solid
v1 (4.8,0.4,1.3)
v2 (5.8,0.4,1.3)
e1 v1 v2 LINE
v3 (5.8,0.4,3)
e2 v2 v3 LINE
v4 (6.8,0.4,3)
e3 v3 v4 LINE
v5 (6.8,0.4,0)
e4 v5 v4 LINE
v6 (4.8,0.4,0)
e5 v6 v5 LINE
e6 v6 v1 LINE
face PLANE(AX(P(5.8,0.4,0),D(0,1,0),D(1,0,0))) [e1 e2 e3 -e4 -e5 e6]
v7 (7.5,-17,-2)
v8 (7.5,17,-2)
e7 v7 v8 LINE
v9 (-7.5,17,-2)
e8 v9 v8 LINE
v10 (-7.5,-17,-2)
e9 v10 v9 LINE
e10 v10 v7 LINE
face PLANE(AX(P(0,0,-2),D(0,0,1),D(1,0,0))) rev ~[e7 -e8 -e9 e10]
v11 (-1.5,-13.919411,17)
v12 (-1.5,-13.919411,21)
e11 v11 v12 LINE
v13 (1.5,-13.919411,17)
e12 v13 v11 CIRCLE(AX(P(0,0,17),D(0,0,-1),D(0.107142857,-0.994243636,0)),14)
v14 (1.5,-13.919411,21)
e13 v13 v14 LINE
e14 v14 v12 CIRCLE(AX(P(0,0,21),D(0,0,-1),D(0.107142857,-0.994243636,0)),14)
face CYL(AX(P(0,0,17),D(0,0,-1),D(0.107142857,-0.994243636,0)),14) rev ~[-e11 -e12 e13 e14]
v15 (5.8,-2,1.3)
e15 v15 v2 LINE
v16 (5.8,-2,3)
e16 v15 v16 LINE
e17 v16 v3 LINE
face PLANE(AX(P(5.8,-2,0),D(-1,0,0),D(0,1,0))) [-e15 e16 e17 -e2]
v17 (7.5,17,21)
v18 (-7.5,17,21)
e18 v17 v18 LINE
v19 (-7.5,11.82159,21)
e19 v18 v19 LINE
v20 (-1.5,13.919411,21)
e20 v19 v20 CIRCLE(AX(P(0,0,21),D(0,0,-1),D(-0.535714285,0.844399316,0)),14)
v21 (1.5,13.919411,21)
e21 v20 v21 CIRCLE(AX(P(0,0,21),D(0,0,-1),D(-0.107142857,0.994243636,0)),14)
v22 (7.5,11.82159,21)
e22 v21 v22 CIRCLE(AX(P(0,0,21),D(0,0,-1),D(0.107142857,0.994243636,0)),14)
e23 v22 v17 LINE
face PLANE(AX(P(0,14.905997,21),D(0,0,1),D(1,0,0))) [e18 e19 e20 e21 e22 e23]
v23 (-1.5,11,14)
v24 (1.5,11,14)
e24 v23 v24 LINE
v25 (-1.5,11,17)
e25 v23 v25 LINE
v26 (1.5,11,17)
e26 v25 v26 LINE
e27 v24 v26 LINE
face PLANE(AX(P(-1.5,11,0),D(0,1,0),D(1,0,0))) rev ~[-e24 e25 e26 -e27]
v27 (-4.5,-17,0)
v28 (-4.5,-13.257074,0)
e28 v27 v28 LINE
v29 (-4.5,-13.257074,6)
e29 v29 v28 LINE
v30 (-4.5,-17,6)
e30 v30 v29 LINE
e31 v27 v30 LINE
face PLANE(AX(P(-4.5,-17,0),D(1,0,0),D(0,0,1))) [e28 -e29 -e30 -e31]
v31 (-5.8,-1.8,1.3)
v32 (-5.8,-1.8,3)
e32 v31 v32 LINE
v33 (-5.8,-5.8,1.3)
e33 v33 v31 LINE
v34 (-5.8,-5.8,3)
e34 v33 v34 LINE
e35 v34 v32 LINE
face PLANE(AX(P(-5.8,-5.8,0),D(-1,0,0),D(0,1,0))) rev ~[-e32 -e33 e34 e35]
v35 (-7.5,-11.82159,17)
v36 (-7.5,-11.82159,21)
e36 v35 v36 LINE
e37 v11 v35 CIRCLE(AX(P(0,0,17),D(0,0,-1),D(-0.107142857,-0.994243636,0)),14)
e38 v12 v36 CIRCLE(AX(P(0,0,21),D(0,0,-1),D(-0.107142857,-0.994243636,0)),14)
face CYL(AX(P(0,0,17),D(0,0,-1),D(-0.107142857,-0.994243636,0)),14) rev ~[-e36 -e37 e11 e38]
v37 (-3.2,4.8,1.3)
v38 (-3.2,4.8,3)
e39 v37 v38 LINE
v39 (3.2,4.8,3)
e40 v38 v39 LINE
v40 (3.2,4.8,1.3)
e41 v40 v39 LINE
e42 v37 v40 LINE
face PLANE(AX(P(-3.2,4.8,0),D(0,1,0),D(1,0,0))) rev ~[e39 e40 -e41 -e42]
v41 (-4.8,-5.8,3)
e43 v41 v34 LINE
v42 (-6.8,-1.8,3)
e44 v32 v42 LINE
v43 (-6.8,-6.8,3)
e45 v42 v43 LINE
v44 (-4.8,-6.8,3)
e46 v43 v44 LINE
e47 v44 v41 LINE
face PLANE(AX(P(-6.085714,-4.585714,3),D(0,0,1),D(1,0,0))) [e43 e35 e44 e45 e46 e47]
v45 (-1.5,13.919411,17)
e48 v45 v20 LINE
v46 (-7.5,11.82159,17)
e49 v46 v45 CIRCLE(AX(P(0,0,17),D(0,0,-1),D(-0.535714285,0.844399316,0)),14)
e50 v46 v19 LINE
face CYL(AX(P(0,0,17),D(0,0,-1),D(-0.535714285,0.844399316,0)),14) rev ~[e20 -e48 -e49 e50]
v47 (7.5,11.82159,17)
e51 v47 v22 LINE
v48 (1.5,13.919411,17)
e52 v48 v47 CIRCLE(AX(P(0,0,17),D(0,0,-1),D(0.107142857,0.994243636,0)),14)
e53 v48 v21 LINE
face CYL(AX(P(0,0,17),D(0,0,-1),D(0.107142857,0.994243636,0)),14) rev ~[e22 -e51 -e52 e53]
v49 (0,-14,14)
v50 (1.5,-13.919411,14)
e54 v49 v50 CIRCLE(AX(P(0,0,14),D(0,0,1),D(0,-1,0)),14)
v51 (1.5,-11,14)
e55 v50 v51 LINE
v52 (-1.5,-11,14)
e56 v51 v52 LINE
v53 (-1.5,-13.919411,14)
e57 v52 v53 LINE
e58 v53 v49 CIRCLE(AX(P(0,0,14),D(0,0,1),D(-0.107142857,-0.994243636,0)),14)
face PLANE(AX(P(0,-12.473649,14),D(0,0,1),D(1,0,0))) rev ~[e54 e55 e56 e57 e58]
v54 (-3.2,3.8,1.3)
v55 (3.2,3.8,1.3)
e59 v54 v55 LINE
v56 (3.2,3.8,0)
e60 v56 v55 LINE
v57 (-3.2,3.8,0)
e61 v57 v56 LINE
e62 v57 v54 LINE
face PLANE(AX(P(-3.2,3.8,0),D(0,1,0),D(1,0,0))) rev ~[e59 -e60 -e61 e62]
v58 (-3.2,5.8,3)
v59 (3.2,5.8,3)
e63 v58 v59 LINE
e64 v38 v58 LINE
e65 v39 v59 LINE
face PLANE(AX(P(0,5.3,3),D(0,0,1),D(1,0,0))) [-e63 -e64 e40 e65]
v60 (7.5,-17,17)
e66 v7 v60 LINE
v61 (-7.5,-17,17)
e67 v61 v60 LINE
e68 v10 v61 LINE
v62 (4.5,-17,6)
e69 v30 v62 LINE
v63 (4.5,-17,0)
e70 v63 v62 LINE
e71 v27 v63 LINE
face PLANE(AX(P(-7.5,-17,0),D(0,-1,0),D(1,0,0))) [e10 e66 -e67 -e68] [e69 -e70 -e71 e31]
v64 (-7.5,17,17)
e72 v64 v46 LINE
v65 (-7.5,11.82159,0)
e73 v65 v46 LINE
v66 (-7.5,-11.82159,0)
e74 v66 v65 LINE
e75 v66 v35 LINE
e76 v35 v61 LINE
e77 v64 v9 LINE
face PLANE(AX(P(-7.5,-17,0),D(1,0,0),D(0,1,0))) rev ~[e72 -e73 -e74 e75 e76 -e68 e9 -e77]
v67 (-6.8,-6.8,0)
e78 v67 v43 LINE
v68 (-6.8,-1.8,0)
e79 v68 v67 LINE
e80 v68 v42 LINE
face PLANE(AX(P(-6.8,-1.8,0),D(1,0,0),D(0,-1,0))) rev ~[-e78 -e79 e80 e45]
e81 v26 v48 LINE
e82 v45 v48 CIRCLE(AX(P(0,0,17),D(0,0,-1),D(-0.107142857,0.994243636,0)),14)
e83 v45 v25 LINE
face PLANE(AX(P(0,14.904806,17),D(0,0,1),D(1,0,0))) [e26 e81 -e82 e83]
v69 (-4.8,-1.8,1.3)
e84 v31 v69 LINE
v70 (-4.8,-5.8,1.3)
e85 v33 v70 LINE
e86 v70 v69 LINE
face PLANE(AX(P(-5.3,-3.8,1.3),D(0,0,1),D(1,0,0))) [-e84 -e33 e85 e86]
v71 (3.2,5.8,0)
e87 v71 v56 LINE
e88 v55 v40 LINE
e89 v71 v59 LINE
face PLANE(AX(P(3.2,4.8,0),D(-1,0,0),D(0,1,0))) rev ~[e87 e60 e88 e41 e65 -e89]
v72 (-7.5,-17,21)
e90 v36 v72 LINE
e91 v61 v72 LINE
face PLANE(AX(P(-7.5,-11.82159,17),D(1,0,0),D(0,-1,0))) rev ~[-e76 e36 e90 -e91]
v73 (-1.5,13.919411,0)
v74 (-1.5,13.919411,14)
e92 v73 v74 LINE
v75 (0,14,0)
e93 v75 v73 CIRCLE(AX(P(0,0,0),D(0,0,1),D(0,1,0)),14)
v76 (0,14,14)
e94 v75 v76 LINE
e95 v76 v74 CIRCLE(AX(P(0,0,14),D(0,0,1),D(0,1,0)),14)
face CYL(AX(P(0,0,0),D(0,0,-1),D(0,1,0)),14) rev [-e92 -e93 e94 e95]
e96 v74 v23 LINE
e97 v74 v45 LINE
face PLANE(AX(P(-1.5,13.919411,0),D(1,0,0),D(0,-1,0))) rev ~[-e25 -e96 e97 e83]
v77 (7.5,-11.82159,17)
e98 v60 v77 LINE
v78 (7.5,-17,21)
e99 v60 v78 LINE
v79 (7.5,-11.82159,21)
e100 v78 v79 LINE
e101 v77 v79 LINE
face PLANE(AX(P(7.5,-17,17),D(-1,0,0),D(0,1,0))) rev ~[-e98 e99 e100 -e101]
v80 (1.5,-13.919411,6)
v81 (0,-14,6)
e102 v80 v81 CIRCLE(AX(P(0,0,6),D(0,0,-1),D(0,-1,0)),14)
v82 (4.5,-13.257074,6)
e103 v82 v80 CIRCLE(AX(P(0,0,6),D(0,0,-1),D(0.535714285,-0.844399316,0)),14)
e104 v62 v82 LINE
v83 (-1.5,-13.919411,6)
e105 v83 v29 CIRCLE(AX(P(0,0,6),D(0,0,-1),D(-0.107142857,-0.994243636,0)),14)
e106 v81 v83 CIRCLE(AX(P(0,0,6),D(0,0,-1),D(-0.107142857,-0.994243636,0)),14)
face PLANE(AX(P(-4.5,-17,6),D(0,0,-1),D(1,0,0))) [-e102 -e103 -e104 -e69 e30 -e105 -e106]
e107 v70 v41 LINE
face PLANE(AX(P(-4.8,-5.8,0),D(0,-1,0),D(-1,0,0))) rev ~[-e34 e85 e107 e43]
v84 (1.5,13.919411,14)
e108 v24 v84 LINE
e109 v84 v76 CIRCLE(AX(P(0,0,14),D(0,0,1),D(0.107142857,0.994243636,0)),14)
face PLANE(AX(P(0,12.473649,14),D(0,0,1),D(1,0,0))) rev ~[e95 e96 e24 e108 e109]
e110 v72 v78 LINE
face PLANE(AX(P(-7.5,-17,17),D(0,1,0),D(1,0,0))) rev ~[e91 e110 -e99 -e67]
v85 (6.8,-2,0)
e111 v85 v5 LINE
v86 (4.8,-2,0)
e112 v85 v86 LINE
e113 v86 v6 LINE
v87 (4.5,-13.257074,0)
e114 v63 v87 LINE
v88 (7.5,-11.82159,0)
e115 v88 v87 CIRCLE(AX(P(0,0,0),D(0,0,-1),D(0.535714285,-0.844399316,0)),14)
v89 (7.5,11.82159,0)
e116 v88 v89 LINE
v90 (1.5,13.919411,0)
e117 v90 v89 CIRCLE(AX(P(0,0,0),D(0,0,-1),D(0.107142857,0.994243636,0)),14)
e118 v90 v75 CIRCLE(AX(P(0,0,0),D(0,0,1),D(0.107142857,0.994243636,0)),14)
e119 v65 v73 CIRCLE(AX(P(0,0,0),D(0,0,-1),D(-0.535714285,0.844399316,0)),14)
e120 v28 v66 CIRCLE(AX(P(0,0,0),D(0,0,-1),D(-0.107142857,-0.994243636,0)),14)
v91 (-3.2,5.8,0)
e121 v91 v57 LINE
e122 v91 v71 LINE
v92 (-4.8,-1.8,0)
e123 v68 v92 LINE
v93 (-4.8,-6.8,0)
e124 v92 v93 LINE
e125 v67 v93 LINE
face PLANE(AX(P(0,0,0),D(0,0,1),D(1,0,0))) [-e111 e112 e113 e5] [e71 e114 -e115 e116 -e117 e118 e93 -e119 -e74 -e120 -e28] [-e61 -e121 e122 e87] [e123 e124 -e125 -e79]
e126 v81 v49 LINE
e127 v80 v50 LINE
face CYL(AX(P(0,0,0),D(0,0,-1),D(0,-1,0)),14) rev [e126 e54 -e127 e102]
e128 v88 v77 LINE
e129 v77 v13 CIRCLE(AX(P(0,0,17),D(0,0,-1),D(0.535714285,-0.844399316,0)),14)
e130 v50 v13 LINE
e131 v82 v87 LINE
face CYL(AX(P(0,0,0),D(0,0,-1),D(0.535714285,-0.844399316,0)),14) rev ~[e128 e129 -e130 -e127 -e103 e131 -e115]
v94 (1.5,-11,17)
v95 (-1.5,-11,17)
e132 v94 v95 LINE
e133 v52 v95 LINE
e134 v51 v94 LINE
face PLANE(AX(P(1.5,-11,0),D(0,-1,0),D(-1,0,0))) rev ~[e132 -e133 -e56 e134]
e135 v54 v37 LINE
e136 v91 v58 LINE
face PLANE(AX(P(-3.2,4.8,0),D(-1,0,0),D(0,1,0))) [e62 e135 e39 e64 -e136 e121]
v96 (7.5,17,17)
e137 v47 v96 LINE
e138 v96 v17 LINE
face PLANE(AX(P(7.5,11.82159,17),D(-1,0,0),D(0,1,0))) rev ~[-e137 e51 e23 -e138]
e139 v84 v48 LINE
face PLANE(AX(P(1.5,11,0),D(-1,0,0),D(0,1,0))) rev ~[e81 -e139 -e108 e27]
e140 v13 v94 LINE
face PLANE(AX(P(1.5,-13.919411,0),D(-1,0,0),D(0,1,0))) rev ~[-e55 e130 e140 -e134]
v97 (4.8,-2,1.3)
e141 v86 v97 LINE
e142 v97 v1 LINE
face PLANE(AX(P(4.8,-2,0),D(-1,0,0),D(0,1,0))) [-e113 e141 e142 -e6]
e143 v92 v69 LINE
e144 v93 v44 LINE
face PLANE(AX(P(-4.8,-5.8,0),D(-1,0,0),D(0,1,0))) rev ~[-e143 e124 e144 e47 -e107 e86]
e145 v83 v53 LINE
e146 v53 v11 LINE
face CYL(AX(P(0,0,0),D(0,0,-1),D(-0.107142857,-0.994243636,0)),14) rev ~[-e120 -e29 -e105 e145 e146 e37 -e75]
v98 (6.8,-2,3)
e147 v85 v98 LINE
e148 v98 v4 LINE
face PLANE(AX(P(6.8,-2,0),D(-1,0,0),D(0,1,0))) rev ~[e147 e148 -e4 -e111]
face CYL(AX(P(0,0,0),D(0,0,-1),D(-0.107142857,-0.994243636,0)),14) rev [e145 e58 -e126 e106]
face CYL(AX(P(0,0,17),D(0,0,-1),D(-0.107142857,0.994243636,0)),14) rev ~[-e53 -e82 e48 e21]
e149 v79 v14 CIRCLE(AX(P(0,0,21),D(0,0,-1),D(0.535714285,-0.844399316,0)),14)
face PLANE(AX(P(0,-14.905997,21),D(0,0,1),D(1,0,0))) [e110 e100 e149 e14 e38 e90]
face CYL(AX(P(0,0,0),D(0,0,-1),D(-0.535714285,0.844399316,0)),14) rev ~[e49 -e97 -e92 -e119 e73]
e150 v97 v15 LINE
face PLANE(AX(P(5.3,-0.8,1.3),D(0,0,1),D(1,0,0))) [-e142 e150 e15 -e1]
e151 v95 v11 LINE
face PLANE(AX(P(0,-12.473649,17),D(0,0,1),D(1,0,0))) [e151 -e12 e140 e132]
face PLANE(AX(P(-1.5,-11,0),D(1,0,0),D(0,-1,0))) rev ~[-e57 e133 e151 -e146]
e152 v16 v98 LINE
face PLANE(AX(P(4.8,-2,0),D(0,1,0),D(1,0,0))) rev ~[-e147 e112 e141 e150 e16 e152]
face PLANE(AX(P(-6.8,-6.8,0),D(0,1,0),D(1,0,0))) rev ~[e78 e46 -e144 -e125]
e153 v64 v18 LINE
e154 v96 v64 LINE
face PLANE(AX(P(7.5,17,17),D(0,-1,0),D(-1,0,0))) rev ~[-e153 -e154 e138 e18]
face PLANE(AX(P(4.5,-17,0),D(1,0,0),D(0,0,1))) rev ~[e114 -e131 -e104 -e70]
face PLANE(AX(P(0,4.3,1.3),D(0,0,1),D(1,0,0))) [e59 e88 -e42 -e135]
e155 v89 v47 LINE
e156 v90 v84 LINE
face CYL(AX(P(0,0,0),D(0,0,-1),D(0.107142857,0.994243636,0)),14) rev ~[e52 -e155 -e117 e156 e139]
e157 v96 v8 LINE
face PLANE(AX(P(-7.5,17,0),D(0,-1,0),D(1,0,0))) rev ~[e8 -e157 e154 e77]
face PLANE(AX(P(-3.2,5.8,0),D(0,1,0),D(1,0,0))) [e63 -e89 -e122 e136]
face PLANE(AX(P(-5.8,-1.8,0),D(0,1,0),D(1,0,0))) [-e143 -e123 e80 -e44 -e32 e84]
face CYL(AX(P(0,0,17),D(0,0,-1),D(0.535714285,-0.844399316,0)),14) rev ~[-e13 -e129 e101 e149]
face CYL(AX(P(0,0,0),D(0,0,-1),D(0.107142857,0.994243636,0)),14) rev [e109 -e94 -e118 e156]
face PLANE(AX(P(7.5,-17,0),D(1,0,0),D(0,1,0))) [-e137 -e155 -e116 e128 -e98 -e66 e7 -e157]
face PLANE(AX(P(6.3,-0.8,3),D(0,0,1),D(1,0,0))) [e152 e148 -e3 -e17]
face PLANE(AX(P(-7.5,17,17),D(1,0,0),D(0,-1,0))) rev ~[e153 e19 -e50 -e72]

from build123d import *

# Parameters (mm, degrees)
BOSS_EXTRUDE1_DEPTH = 17
SKETCH1_3_W         = 15
SKETCH1_3_H         = 34
BOSS_EXTRUDE3_DEPTH = 2
CUT_EXTRUDE1_DEPTH  = 14
SKETCH2_W           = 1
SKETCH2_H           = 4
SKETCH2_W_2         = 6.4
SKETCH2_H_2         = 1
SKETCH2_H_3         = 2.4
BOSS_EXTRUDE5_DEPTH = 1.3
SKETCH2_3_W         = 6.4
SKETCH2_3_H         = 1
SKETCH2_3_W_2       = 1
SKETCH2_3_H_2       = 2.4
BOSS_EXTRUDE6_DEPTH = 3
CUT_EXTRUDE3_REACH  = 36
SKETCH5_W           = 9
SKETCH5_H           = 6
BOSS_EXTRUDE7_DEPTH = 4


with BuildPart() as part:
    # Sketch1 → Boss-Extrude1 (new body)
    with BuildSketch(Plane.XY):
        with BuildLine():
            Line((7.5, 17), (-7.5, 17))
            Line((-7.5, 17), (-7.5, 11.821590418))
            ThreePointArc((-7.5, 11.821590418), (-4.620629037, 13.21551313), (-1.5, 13.919410907))
            Line((-1.5, 13.919410907), (-1.5, 14))
            Line((-1.5, 14), (0, 14))
            Line((0, 14), (1.5, 14))
            Line((1.5, 14), (1.5, 13.919410907))
            ThreePointArc((1.5, 13.919410907), (4.620629037, 13.21551313), (7.5, 11.821590418))
            Line((7.5, 11.821590418), (7.5, 17))
        make_face()
        with BuildLine():
            ThreePointArc((0, 14), (-0.751081654, 13.979838209), (-1.5, 13.919410907))
            Line((-1.5, 13.919410907), (-1.5, 11))
            Line((-1.5, 11), (1.5, 11))
            Line((1.5, 11), (1.5, 13.919410907))
            ThreePointArc((1.5, 13.919410907), (0.751081654, 13.979838209), (0, 14))
        make_face()
        with BuildLine():
            Line((-1.5, -11), (-1.5, -13.919410907))
            ThreePointArc((-1.5, -13.919410907), (-0.751081654, -13.979838209), (0, -14))
            ThreePointArc((0, -14), (0.751081654, -13.979838209), (1.5, -13.919410907))
            Line((1.5, -13.919410907), (1.5, -11))
            Line((1.5, -11), (-1.5, -11))
        make_face()
        with BuildLine():
            ThreePointArc((-1.5, -13.919410907), (-4.620629037, -13.21551313), (-7.5, -11.821590418))
            Line((-7.5, -11.821590418), (-7.5, -17))
            Line((-7.5, -17), (7.5, -17))
            Line((7.5, -17), (7.5, -11.821590418))
            ThreePointArc((7.5, -11.821590418), (4.620629037, -13.21551313), (1.5, -13.919410907))
            Line((1.5, -13.919410907), (1.5, -14))
            Line((1.5, -14), (0, -14))
            Line((0, -14), (-1.5, -14))
            Line((-1.5, -14), (-1.5, -13.919410907))
        make_face()
        with BuildLine():
            ThreePointArc((0, 14), (0.751081654, 13.979838209), (1.5, 13.919410907))
            Line((1.5, 13.919410907), (1.5, 14))
            Line((1.5, 14), (0, 14))
        make_face()
        with BuildLine():
            Line((-1.5, 14), (-1.5, 13.919410907))
            ThreePointArc((-1.5, 13.919410907), (-0.751081654, 13.979838209), (0, 14))
            Line((0, 14), (-1.5, 14))
        make_face()
        with BuildLine():
            ThreePointArc((0, -14), (-0.751081654, -13.979838209), (-1.5, -13.919410907))
            Line((-1.5, -13.919410907), (-1.5, -14))
            Line((-1.5, -14), (0, -14))
        make_face()
        with BuildLine():
            Line((1.5, -14), (1.5, -13.919410907))
            ThreePointArc((1.5, -13.919410907), (0.751081654, -13.979838209), (0, -14))
            Line((0, -14), (1.5, -14))
        make_face()
    extrude(amount=BOSS_EXTRUDE1_DEPTH)

    # Sketch1_3 → Boss-Extrude3 (add)
    with BuildSketch(Plane.XY):
        Rectangle(SKETCH1_3_W, SKETCH1_3_H)
    extrude(amount=-BOSS_EXTRUDE3_DEPTH)

    # Sketch1_4 → Cut-Extrude1 (cut)
    with BuildSketch(Plane.XY):
        with BuildLine():
            Line((-1.5, -11), (-1.5, -13.919410907))
            ThreePointArc((-1.5, -13.919410907), (-0.751081654, -13.979838209), (0, -14))
            ThreePointArc((0, -14), (0.751081654, -13.979838209), (1.5, -13.919410907))
            Line((1.5, -13.919410907), (1.5, -11))
            Line((1.5, -11), (-1.5, -11))
        make_face()
        with BuildLine():
            ThreePointArc((0, 14), (-0.751081654, 13.979838209), (-1.5, 13.919410907))
            Line((-1.5, 13.919410907), (-1.5, 11))
            Line((-1.5, 11), (1.5, 11))
            Line((1.5, 11), (1.5, 13.919410907))
            ThreePointArc((1.5, 13.919410907), (0.751081654, 13.979838209), (0, 14))
        make_face()
    extrude(amount=CUT_EXTRUDE1_DEPTH, mode=Mode.SUBTRACT)

    # Sketch2 → Boss-Extrude5 (add)
    with BuildSketch(Plane.XY):
        with Locations((-5.3, -3.8)):
            Rectangle(SKETCH2_W, SKETCH2_H)
        with Locations((0, 4.3)):
            Rectangle(SKETCH2_W_2, SKETCH2_H_2)
        with Locations((5.3, -0.8)):
            Rectangle(SKETCH2_W, SKETCH2_H_3)
    extrude(amount=BOSS_EXTRUDE5_DEPTH)

    # Sketch2_3 → Boss-Extrude6 (add)
    with BuildSketch(Plane.XY):
        with Locations((0, 5.3)):
            Rectangle(SKETCH2_3_W, SKETCH2_3_H)
        Polygon((-5.8, -1.8), (-6.8, -1.8), (-6.8, -6.8), (-4.8, -6.8), (-4.8, -5.8), (-5.8, -5.8), align=None)
        with Locations((6.3, -0.8)):
            Rectangle(SKETCH2_3_W_2, SKETCH2_3_H_2)
    extrude(amount=BOSS_EXTRUDE6_DEPTH)

    # Sketch5 → Cut-Extrude3 (cut, up to next)
    with BuildSketch(Plane.XZ.offset(17), mode=Mode.PRIVATE) as cut_extrude3_sk1:
        with Locations((0, 3)):
            Rectangle(SKETCH5_W, SKETCH5_H)
    cut_extrude3_tool1 = extrude(cut_extrude3_sk1.sketch, amount=-CUT_EXTRUDE3_REACH, mode=Mode.PRIVATE) & part.part
    add(cut_extrude3_tool1.solids().sort_by_distance((0, -17, 3))[0], mode=Mode.SUBTRACT)

    # Sketch6 → Boss-Extrude7 (add)
    with BuildSketch(Plane.XY.offset(17)):
        with BuildLine():
            ThreePointArc((-1.5, -13.919410907), (-4.620629037, -13.21551313), (-7.5, -11.821590418))
            Line((-7.5, -11.821590418), (-7.5, -17))
            Line((-7.5, -17), (7.5, -17))
            Line((7.5, -17), (7.5, -11.821590418))
            ThreePointArc((7.5, -11.821590418), (4.620629037, -13.21551313), (1.5, -13.919410907))
            ThreePointArc((1.5, -13.919410907), (0, -14), (-1.5, -13.919410907))
        make_face()
        with BuildLine():
            ThreePointArc((1.5, 13.919410907), (4.620629037, 13.21551313), (7.5, 11.821590418))
            Line((7.5, 11.821590418), (7.5, 17))
            Line((7.5, 17), (-7.5, 17))
            Line((-7.5, 17), (-7.5, 11.821590418))
            ThreePointArc((-7.5, 11.821590418), (-4.620629037, 13.21551313), (-1.5, 13.919410907))
            ThreePointArc((-1.5, 13.919410907), (0, 14), (1.5, 13.919410907))
        make_face()
    extrude(amount=BOSS_EXTRUDE7_DEPTH)


solid = part.part
